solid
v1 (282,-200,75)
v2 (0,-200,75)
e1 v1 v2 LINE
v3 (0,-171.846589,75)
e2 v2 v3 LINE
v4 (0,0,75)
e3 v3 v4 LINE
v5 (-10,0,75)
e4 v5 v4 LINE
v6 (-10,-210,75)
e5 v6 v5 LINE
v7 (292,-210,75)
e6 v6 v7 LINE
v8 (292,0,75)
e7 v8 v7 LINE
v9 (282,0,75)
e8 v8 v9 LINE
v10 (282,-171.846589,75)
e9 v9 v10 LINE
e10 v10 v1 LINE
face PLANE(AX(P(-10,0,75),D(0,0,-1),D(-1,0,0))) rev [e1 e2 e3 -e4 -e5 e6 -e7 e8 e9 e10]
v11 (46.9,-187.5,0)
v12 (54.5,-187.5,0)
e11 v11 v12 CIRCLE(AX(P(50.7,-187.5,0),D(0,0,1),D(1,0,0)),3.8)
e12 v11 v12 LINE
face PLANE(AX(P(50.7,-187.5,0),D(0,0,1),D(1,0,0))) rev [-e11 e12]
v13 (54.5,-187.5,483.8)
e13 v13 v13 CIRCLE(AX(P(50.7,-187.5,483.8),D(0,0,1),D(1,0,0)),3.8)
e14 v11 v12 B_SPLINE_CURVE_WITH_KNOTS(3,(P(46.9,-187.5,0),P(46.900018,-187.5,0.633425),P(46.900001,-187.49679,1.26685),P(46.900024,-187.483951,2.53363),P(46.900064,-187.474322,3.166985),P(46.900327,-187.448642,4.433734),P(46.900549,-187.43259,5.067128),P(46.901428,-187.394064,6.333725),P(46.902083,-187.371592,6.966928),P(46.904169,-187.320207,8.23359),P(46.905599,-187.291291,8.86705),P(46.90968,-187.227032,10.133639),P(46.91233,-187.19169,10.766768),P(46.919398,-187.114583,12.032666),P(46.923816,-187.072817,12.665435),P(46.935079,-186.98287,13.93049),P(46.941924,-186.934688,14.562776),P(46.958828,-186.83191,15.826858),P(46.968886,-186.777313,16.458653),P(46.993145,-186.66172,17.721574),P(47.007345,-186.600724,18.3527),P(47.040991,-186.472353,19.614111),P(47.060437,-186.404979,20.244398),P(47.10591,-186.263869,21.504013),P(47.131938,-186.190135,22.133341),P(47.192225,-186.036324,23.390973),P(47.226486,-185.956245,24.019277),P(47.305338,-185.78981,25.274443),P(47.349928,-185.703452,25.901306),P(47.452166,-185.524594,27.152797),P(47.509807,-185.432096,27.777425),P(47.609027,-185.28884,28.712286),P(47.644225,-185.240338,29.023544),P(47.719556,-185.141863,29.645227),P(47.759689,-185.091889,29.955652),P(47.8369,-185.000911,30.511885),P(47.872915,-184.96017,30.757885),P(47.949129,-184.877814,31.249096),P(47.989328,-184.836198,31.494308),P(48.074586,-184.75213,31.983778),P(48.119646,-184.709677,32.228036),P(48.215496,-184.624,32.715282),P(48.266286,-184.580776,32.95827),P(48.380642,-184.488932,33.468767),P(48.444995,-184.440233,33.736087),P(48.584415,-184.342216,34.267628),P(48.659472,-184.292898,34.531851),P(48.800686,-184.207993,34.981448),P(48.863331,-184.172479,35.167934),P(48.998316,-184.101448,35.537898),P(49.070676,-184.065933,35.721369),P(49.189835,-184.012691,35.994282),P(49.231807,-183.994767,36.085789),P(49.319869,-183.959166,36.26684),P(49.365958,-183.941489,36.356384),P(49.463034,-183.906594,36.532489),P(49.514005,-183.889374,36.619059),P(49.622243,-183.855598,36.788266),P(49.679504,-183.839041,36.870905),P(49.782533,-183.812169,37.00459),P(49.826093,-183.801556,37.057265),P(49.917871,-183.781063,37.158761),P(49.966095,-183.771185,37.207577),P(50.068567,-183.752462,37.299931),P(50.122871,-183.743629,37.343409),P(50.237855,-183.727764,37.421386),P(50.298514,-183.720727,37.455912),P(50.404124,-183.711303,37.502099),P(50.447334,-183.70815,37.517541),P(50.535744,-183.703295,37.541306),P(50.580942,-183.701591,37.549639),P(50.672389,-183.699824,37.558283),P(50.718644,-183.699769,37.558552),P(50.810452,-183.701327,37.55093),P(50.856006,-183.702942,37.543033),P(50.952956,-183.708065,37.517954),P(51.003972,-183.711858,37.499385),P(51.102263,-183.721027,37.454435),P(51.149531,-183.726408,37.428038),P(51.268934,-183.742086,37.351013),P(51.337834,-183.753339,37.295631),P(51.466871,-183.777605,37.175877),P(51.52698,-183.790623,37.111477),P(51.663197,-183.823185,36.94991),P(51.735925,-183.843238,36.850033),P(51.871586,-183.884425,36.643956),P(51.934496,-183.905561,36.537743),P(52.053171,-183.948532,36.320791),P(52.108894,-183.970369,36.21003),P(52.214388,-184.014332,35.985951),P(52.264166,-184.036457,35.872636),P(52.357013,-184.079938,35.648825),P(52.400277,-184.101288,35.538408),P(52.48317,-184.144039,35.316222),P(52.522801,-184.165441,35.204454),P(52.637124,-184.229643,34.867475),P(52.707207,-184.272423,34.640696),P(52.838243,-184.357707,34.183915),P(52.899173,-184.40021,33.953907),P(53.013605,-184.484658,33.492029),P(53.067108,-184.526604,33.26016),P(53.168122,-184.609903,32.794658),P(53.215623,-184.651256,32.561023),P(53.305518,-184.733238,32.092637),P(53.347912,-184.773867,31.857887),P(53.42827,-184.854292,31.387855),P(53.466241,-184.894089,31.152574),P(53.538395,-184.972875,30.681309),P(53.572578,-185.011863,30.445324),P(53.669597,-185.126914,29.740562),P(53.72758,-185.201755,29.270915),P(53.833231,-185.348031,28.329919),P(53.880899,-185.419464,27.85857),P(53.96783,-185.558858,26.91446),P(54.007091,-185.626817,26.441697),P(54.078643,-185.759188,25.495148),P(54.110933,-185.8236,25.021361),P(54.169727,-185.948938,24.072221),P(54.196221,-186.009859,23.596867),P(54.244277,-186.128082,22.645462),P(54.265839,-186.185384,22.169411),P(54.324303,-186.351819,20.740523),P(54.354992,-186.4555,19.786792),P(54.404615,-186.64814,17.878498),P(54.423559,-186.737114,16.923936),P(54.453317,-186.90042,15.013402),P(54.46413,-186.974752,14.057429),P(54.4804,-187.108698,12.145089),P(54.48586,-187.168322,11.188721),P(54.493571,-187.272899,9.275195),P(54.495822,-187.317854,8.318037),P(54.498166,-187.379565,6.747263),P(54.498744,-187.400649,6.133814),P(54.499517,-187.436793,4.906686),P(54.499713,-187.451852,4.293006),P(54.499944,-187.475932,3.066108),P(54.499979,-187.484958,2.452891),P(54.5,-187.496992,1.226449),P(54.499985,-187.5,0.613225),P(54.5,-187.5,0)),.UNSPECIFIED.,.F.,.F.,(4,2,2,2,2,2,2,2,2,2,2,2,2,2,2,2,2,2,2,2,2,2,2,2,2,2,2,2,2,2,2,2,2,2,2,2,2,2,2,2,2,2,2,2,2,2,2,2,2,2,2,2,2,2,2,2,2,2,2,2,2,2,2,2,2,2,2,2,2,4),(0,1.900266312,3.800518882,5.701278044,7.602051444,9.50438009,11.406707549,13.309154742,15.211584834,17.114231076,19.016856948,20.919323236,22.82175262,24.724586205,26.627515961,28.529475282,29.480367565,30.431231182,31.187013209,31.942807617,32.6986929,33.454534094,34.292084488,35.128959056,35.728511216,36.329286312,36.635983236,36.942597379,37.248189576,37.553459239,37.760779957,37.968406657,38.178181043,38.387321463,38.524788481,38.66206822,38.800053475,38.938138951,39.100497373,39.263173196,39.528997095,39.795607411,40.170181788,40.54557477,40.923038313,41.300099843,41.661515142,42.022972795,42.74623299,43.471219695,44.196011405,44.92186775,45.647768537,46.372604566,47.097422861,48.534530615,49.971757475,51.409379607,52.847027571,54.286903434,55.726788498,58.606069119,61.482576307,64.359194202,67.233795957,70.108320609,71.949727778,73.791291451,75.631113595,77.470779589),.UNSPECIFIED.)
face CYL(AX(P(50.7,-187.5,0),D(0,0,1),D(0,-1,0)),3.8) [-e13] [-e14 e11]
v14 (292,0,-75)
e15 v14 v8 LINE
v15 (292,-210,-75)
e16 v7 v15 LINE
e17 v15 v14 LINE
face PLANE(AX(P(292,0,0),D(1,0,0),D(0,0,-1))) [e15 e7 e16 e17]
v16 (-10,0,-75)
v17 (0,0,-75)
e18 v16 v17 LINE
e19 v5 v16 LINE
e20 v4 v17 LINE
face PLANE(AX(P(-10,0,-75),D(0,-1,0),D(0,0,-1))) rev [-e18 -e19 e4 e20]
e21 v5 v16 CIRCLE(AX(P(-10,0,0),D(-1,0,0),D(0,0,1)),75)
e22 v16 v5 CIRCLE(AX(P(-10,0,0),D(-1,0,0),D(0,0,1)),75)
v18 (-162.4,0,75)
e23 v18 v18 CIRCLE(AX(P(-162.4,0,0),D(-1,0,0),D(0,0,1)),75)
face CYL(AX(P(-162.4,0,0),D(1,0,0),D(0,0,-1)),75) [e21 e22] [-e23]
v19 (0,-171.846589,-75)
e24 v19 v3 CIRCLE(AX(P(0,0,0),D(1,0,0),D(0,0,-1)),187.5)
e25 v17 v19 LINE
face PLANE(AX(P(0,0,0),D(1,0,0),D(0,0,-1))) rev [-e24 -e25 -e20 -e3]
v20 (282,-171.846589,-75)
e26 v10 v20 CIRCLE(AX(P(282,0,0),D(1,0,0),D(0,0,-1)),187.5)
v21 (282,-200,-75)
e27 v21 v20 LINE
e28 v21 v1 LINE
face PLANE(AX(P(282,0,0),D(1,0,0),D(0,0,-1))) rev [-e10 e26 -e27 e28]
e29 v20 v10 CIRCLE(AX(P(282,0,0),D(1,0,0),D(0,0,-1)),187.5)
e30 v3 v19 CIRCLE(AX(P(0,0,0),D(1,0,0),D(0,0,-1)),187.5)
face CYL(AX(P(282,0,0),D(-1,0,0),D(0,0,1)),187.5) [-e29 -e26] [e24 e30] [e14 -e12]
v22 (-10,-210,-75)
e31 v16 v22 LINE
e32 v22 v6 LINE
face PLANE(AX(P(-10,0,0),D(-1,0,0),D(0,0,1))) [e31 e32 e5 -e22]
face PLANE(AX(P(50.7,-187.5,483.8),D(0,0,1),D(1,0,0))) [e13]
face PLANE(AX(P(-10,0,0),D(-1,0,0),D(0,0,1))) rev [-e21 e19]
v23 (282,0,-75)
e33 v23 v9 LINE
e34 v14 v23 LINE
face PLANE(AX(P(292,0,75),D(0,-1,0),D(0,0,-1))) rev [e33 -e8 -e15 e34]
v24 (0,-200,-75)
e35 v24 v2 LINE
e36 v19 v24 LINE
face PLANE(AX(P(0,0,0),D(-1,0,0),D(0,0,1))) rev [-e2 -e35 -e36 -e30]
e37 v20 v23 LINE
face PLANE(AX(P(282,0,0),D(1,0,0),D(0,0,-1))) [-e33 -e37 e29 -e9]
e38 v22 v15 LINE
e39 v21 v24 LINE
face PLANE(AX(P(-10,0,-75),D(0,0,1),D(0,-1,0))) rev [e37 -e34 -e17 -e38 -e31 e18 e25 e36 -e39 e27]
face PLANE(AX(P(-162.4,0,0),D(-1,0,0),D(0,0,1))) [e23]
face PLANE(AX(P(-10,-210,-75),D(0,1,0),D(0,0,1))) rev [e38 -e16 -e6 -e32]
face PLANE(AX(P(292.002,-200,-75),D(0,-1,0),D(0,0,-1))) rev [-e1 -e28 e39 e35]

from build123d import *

# Parameters (mm, degrees)
SKETCH1_R           = 187.5
BOSS_EXTRUDE1_DEPTH = 282
SKETCH2_W           = 150
SKETCH2_H           = 210
BOSS_EXTRUDE2_DEPTH = 10
SKETCH3_W           = 150
SKETCH3_H           = 210
BOSS_EXTRUDE3_DEPTH = 10
BOSS_EXTRUDE4_REACH = 294
SKETCH4_W           = 150
SKETCH4_H           = 10
SKETCH5_R           = 75
BOSS_EXTRUDE5_DEPTH = 152.4
SKETCH8_R           = 3.8
SKETCH9_R           = 3.8
BOSS_EXTRUDE6_DEPTH = 283.8


with BuildPart() as part:
    # Sketch1 → Boss-Extrude1 (new body)
    with BuildSketch(Plane(origin=(0, 0, 0), x_dir=(0, 0, -1), z_dir=(1, 0, 0))):
        Circle(SKETCH1_R)
    extrude(amount=BOSS_EXTRUDE1_DEPTH)

    # Sketch2 → Boss-Extrude2 (add)
    with BuildSketch(Plane.ZY):
        with Locations((0, -105)):
            Rectangle(SKETCH2_W, SKETCH2_H)
    extrude(amount=BOSS_EXTRUDE2_DEPTH)

    # Sketch3 → Boss-Extrude3 (add)
    with BuildSketch(Plane(origin=(282, 0, 0), x_dir=(0, 0, -1), z_dir=(1, 0, 0))):
        with Locations((0, -105)):
            Rectangle(SKETCH3_W, SKETCH3_H)
    extrude(amount=BOSS_EXTRUDE3_DEPTH)

    # Sketch4 → Boss-Extrude4 (add, up to next)
    with BuildSketch(Plane(origin=(0, 0, 0), x_dir=(0, 0, -1), z_dir=(1, 0, 0)), mode=Mode.PRIVATE) as boss_extrude4_sk1:
        with Locations((0, -205)):
            Rectangle(SKETCH4_W, SKETCH4_H)
    boss_extrude4_tool1 = extrude(boss_extrude4_sk1.sketch, amount=BOSS_EXTRUDE4_REACH, mode=Mode.PRIVATE) - part.part
    add(boss_extrude4_tool1.solids().sort_by_distance((0, -205, 0))[0])

    # Sketch5 → Boss-Extrude5 (add)
    with BuildSketch(Plane.ZY.offset(10)):
        Circle(SKETCH5_R)
    extrude(amount=BOSS_EXTRUDE5_DEPTH)

    # Sweep2: sweep along a path in Sketch6
    with BuildLine(Plane(origin=(50.7, 0, 0), x_dir=(0, 0, -1), z_dir=(1, 0, 0))) as sweep2_path:
        Line((0, -187.5), (-200, -187.5))
    # Sketch8 → Sweep2 (sweep)
    with BuildSketch(Plane.XY.offset(200)):
        with Locations((50.7, -187.5)):
            Circle(SKETCH8_R)
    sweep(path=sweep2_path.line)

    # Sketch9 → Boss-Extrude6 (add)
    with BuildSketch(Plane.XY.offset(200)):
        with Locations((50.7, -187.5)):
            Circle(SKETCH9_R)
    extrude(amount=BOSS_EXTRUDE6_DEPTH)


solid = part.part
